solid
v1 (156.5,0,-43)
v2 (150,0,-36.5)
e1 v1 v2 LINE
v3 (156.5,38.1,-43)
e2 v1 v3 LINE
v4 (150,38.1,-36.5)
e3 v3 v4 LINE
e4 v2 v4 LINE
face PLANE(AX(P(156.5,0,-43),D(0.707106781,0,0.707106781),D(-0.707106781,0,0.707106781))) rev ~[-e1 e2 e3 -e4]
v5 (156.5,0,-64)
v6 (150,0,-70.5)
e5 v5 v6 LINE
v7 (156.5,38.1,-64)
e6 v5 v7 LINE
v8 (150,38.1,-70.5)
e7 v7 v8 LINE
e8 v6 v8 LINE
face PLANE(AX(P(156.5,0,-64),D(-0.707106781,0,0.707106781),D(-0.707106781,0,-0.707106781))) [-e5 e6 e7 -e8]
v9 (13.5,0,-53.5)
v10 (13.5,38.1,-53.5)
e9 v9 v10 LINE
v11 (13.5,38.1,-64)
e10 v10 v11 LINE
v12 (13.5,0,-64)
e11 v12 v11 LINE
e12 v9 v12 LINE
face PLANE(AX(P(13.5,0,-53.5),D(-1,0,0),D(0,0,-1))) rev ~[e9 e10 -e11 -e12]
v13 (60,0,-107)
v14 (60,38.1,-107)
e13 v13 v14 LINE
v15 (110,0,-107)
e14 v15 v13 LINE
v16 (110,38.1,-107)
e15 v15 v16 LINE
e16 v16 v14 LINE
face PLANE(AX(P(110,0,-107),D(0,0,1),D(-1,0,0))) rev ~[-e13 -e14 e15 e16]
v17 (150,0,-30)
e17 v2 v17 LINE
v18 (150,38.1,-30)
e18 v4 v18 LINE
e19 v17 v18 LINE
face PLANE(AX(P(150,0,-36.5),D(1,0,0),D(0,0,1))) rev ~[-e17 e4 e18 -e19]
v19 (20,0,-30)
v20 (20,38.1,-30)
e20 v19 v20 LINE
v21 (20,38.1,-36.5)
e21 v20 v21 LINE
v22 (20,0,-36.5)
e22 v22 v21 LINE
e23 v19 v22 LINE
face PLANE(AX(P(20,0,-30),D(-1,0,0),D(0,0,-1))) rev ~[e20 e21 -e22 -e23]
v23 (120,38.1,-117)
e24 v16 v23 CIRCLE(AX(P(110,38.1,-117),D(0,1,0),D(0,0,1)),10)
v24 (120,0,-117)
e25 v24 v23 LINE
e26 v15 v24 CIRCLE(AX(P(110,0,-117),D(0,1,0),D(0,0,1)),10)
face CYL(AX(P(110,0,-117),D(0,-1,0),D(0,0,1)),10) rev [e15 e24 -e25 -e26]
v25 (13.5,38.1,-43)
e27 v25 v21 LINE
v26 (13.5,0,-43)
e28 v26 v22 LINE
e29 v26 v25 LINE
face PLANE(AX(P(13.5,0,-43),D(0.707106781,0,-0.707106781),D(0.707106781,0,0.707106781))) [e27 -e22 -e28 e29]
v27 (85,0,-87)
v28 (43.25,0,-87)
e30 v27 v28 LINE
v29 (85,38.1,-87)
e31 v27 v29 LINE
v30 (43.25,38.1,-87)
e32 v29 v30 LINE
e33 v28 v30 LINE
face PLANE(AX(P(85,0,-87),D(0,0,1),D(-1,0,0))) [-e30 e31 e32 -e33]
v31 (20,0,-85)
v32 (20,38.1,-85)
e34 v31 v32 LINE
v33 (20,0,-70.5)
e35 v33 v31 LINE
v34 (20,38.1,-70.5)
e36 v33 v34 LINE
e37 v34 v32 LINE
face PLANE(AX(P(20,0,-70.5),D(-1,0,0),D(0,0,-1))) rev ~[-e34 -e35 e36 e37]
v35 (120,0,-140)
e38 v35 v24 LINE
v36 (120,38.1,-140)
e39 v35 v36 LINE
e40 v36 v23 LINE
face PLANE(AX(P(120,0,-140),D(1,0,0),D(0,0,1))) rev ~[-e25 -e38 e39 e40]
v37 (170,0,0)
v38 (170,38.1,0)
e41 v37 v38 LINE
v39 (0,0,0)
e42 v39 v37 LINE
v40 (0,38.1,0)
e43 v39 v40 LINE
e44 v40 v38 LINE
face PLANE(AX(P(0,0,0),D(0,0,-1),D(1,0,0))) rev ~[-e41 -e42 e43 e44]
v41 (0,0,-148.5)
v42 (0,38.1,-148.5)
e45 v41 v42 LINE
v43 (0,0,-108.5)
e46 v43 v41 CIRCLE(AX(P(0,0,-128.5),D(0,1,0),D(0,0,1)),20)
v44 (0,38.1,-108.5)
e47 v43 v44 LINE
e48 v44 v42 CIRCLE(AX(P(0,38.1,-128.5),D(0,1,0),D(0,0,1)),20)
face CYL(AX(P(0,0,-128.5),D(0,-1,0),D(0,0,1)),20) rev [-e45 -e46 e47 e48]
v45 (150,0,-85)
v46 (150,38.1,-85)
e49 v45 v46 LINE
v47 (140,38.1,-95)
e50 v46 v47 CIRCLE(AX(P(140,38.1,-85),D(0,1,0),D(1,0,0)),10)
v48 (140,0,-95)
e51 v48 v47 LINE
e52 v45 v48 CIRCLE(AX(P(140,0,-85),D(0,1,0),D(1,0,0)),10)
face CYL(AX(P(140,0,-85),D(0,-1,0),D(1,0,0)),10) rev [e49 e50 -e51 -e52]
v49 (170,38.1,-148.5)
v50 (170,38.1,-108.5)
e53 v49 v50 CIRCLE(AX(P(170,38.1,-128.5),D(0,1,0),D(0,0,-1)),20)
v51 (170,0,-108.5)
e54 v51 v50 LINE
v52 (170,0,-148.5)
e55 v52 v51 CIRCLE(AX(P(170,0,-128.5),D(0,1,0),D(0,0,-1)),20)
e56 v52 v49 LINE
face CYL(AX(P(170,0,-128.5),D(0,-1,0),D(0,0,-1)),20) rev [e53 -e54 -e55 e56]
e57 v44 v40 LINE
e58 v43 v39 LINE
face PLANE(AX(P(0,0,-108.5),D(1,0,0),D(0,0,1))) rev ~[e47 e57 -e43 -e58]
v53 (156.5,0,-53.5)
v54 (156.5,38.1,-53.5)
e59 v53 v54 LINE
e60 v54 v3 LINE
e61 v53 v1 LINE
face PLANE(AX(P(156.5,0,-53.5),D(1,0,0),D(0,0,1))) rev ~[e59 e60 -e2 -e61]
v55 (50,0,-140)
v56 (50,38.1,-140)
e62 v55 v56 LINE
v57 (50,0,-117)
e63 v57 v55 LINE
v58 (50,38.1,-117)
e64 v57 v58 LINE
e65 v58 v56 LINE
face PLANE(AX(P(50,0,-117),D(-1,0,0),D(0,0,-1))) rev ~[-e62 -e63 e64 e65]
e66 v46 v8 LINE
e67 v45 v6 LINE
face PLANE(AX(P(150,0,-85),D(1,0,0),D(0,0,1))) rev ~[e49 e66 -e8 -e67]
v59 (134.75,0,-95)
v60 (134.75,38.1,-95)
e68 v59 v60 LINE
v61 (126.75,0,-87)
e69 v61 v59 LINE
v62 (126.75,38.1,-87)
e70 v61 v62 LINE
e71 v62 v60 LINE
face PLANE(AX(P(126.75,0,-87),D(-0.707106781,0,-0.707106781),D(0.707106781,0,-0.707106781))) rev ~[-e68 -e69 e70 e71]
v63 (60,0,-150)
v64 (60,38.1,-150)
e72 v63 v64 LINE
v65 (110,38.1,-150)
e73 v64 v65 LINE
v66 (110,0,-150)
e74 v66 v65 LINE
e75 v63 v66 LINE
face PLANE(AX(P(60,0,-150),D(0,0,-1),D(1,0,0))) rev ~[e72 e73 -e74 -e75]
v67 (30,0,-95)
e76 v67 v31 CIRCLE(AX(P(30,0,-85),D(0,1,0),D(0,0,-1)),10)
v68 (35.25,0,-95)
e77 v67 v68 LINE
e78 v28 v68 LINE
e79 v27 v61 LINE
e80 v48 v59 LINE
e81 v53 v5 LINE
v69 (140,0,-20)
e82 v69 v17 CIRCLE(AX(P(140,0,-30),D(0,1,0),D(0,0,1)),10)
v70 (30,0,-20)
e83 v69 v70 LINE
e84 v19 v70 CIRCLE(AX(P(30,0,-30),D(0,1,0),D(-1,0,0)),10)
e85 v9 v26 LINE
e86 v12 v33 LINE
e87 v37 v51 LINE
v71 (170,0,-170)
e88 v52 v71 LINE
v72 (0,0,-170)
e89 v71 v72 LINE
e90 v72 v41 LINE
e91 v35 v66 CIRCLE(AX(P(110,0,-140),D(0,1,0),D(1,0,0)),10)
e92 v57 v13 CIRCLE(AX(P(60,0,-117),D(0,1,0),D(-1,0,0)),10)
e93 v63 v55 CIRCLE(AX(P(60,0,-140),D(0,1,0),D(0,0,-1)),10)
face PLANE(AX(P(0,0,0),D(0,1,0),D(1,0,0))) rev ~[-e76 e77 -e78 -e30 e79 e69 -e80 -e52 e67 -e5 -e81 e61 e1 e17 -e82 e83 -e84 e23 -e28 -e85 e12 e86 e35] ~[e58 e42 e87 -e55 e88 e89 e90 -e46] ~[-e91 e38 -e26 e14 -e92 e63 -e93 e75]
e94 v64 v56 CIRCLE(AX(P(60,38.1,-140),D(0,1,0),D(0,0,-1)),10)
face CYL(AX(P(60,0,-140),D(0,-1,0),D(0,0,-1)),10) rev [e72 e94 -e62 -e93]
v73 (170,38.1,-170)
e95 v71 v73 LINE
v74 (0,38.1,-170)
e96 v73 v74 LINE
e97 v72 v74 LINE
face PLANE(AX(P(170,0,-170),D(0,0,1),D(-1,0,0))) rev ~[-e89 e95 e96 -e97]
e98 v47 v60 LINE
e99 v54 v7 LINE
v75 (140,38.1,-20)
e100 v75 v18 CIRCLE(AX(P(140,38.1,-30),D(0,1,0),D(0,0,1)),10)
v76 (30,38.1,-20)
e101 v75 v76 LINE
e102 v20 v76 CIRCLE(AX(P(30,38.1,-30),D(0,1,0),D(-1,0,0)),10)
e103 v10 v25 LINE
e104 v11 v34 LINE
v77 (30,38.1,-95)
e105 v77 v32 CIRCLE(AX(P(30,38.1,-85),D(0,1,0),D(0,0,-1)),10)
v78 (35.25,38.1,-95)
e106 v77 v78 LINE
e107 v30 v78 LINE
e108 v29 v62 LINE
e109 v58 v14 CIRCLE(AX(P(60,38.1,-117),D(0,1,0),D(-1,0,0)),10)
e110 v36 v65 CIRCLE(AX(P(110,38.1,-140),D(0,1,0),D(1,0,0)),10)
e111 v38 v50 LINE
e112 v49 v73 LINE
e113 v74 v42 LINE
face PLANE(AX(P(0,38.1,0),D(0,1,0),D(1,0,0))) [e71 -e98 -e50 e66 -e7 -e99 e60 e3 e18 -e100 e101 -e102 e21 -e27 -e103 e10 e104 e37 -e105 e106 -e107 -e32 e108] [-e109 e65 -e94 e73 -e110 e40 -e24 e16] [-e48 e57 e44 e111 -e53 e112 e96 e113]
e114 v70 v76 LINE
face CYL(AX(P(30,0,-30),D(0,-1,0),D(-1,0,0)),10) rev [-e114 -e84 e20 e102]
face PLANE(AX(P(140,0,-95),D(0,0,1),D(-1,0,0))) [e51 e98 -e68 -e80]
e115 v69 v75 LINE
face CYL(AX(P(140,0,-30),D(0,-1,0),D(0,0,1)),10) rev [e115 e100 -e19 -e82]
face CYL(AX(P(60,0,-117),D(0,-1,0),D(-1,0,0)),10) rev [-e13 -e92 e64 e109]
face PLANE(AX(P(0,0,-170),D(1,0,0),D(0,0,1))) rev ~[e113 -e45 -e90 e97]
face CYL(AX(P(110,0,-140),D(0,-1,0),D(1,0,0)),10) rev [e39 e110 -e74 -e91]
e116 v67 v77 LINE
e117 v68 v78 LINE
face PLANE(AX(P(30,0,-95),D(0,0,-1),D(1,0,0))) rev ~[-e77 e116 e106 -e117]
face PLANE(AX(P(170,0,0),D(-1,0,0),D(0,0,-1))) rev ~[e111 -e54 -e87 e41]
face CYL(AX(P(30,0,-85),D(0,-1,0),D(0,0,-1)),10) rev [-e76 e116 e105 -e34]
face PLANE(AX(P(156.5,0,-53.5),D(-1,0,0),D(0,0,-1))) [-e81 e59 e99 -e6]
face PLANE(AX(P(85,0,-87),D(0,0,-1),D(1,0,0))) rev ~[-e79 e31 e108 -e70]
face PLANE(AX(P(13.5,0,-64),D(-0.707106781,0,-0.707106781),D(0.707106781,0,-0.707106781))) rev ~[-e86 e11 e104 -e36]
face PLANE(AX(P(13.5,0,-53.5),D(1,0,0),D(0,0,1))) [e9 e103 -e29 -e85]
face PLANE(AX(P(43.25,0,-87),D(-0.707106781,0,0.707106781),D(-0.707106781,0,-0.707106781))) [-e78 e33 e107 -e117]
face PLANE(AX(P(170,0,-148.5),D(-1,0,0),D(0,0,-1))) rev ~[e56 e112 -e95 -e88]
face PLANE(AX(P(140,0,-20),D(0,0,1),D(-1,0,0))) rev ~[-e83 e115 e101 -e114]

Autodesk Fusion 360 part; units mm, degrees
sketch "Sketch1" plane through (0, 0, 0) normal (0, 1, 0) x (1, 0, 0)
  line L0 (0, 0) -> (170, 0)
  line L1 (170, 0) -> (170, 170)
  line L2 (170, 170) -> (0, 170)
  line L3 (0, 170) -> (0, 0)
  line L4 (85, 170) -> (85, 128.5) construction
  line L5 (110, 107) -> (60, 107)
  line L6 (50, 117) -> (50, 140)
  line L7 (60, 150) -> (110, 150)
  line L8 (120, 140) -> (120, 117)
  line L9 (120, 107) -> (50, 150) construction
  line L10 (50, 107) -> (120, 150) construction
  arc A0 (60, 150) -> (50, 140) centre (60, 140) ccw
  arc A1 (120, 140) -> (110, 150) centre (110, 140) ccw
  arc A2 (110, 107) -> (120, 117) centre (110, 117) ccw
  arc A3 (50, 117) -> (60, 107) centre (60, 117) ccw
  line L11 (85, 128.5) -> (0, 128.5) construction
  line L12 (85, 128.5) -> (170, 128.5) construction
  arc A4 (0, 108.5) -> (0, 148.5) centre (0, 128.5) ccw
  arc A5 (170, 148.5) -> (170, 108.5) centre (170, 128.5) ccw
  line L13 (85, 0) -> (85, 53.5) construction
  line L14 (140, 20) -> (30, 20)
  line L15 (20, 30) -> (20, 87)
  line L16 (150, 87) -> (150, 30)
  line L17 (150, 20) -> (20, 87) construction
  line L18 (20, 20) -> (150, 87) construction
  arc A6 (20, 30) -> (30, 20) centre (30, 30) ccw
  arc A7 (140, 20) -> (150, 30) centre (140, 30) ccw
  line L19 (85, 53.5) -> (20, 53.5) construction
  line L20 (85, 53.5) -> (150, 53.5) construction
  line L21 (20, 53.5) -> (13.5, 53.5) construction
  line L22 (13.5, 53.5) -> (13.5, 64)
  line L23 (13.5, 53.5) -> (13.5, 43)
  line L24 (13.5, 43) -> (13.5, 36.5) construction
  line L25 (13.5, 36.5) -> (20, 36.5) construction
  line L26 (13.5, 64) -> (13.5, 70.5) construction
  line L27 (13.5, 70.5) -> (20, 70.5) construction
  line L28 (13.5, 64) -> (20, 70.5)
  line L29 (13.5, 43) -> (20, 36.5)
  line L30 (156.5, 64) -> (150, 70.5)
  line L31 (156.5, 53.5) -> (156.5, 64)
  line L32 (156.5, 53.5) -> (156.5, 43)
  line L33 (156.5, 43) -> (150, 36.5)
  line L34 (85, 53.5) -> (85, 87) construction
  line L35 (85, 128.5) -> (85, 87) construction
  line L36 (85, 87) -> (43.25, 87)
  line L37 (43.25, 87) -> (35.25, 95)
  line L38 (30, 95) -> (35.25, 95)
  line L39 (35.25, 95) -> (35.25, 87) construction
  line L40 (35.25, 87) -> (43.25, 87) construction
  line L41 (30, 95) -> (30, 85) construction
  arc A8 (30, 95) -> (20, 85) centre (30, 85) ccw
  line L42 (30, 85) -> (30, 95) construction
  line L43 (30, 85) -> (20, 85) construction
  arc A9 (150, 85) -> (140, 95) centre (140, 85) ccw
  line L44 (140, 95) -> (134.75, 95)
  line L45 (126.75, 87) -> (134.75, 95)
  line L46 (85, 87) -> (126.75, 87)
  point P0 (85, 128.5)
  point P1 (85, 53.5)
  dimension "d1" = 170
  dimension "d2" = 170
  dimension "d19" = 41.5
  dimension "d20" = 70
  dimension "d21" = 43
  dimension "d22" = 10
  dimension "d23" = 10
  dimension "d24" = 10
  dimension "d25" = 10
  dimension "d26" = 20
  dimension "d27" = 20
  dimension "d28" = 53.5
  dimension "d29" = 130
  dimension "d30" = 67
  dimension "d31" = 10
  dimension "d32" = 10
  dimension "d33" = 6.5
  dimension "d34" = 10.5
  dimension "d35" = 10.5
  dimension "d36" = 6.5
  dimension "d37" = 6.5
  dimension "d41" = 41.5
  dimension "d42" = 33.5
  dimension "d44" = 41.75
  dimension "d48" = 5.25
  dimension "d49" = 135
  dimension "d50" = 8
  dimension "d51" = 10
  dimension "d52" = 90
  dimension "d53" = 135
  dimension "d54" = 8
extrude "Extrude1" add sketch "Sketch1" along normal blind 38.1 contours L0 L1 L2 L3 A4 A5
